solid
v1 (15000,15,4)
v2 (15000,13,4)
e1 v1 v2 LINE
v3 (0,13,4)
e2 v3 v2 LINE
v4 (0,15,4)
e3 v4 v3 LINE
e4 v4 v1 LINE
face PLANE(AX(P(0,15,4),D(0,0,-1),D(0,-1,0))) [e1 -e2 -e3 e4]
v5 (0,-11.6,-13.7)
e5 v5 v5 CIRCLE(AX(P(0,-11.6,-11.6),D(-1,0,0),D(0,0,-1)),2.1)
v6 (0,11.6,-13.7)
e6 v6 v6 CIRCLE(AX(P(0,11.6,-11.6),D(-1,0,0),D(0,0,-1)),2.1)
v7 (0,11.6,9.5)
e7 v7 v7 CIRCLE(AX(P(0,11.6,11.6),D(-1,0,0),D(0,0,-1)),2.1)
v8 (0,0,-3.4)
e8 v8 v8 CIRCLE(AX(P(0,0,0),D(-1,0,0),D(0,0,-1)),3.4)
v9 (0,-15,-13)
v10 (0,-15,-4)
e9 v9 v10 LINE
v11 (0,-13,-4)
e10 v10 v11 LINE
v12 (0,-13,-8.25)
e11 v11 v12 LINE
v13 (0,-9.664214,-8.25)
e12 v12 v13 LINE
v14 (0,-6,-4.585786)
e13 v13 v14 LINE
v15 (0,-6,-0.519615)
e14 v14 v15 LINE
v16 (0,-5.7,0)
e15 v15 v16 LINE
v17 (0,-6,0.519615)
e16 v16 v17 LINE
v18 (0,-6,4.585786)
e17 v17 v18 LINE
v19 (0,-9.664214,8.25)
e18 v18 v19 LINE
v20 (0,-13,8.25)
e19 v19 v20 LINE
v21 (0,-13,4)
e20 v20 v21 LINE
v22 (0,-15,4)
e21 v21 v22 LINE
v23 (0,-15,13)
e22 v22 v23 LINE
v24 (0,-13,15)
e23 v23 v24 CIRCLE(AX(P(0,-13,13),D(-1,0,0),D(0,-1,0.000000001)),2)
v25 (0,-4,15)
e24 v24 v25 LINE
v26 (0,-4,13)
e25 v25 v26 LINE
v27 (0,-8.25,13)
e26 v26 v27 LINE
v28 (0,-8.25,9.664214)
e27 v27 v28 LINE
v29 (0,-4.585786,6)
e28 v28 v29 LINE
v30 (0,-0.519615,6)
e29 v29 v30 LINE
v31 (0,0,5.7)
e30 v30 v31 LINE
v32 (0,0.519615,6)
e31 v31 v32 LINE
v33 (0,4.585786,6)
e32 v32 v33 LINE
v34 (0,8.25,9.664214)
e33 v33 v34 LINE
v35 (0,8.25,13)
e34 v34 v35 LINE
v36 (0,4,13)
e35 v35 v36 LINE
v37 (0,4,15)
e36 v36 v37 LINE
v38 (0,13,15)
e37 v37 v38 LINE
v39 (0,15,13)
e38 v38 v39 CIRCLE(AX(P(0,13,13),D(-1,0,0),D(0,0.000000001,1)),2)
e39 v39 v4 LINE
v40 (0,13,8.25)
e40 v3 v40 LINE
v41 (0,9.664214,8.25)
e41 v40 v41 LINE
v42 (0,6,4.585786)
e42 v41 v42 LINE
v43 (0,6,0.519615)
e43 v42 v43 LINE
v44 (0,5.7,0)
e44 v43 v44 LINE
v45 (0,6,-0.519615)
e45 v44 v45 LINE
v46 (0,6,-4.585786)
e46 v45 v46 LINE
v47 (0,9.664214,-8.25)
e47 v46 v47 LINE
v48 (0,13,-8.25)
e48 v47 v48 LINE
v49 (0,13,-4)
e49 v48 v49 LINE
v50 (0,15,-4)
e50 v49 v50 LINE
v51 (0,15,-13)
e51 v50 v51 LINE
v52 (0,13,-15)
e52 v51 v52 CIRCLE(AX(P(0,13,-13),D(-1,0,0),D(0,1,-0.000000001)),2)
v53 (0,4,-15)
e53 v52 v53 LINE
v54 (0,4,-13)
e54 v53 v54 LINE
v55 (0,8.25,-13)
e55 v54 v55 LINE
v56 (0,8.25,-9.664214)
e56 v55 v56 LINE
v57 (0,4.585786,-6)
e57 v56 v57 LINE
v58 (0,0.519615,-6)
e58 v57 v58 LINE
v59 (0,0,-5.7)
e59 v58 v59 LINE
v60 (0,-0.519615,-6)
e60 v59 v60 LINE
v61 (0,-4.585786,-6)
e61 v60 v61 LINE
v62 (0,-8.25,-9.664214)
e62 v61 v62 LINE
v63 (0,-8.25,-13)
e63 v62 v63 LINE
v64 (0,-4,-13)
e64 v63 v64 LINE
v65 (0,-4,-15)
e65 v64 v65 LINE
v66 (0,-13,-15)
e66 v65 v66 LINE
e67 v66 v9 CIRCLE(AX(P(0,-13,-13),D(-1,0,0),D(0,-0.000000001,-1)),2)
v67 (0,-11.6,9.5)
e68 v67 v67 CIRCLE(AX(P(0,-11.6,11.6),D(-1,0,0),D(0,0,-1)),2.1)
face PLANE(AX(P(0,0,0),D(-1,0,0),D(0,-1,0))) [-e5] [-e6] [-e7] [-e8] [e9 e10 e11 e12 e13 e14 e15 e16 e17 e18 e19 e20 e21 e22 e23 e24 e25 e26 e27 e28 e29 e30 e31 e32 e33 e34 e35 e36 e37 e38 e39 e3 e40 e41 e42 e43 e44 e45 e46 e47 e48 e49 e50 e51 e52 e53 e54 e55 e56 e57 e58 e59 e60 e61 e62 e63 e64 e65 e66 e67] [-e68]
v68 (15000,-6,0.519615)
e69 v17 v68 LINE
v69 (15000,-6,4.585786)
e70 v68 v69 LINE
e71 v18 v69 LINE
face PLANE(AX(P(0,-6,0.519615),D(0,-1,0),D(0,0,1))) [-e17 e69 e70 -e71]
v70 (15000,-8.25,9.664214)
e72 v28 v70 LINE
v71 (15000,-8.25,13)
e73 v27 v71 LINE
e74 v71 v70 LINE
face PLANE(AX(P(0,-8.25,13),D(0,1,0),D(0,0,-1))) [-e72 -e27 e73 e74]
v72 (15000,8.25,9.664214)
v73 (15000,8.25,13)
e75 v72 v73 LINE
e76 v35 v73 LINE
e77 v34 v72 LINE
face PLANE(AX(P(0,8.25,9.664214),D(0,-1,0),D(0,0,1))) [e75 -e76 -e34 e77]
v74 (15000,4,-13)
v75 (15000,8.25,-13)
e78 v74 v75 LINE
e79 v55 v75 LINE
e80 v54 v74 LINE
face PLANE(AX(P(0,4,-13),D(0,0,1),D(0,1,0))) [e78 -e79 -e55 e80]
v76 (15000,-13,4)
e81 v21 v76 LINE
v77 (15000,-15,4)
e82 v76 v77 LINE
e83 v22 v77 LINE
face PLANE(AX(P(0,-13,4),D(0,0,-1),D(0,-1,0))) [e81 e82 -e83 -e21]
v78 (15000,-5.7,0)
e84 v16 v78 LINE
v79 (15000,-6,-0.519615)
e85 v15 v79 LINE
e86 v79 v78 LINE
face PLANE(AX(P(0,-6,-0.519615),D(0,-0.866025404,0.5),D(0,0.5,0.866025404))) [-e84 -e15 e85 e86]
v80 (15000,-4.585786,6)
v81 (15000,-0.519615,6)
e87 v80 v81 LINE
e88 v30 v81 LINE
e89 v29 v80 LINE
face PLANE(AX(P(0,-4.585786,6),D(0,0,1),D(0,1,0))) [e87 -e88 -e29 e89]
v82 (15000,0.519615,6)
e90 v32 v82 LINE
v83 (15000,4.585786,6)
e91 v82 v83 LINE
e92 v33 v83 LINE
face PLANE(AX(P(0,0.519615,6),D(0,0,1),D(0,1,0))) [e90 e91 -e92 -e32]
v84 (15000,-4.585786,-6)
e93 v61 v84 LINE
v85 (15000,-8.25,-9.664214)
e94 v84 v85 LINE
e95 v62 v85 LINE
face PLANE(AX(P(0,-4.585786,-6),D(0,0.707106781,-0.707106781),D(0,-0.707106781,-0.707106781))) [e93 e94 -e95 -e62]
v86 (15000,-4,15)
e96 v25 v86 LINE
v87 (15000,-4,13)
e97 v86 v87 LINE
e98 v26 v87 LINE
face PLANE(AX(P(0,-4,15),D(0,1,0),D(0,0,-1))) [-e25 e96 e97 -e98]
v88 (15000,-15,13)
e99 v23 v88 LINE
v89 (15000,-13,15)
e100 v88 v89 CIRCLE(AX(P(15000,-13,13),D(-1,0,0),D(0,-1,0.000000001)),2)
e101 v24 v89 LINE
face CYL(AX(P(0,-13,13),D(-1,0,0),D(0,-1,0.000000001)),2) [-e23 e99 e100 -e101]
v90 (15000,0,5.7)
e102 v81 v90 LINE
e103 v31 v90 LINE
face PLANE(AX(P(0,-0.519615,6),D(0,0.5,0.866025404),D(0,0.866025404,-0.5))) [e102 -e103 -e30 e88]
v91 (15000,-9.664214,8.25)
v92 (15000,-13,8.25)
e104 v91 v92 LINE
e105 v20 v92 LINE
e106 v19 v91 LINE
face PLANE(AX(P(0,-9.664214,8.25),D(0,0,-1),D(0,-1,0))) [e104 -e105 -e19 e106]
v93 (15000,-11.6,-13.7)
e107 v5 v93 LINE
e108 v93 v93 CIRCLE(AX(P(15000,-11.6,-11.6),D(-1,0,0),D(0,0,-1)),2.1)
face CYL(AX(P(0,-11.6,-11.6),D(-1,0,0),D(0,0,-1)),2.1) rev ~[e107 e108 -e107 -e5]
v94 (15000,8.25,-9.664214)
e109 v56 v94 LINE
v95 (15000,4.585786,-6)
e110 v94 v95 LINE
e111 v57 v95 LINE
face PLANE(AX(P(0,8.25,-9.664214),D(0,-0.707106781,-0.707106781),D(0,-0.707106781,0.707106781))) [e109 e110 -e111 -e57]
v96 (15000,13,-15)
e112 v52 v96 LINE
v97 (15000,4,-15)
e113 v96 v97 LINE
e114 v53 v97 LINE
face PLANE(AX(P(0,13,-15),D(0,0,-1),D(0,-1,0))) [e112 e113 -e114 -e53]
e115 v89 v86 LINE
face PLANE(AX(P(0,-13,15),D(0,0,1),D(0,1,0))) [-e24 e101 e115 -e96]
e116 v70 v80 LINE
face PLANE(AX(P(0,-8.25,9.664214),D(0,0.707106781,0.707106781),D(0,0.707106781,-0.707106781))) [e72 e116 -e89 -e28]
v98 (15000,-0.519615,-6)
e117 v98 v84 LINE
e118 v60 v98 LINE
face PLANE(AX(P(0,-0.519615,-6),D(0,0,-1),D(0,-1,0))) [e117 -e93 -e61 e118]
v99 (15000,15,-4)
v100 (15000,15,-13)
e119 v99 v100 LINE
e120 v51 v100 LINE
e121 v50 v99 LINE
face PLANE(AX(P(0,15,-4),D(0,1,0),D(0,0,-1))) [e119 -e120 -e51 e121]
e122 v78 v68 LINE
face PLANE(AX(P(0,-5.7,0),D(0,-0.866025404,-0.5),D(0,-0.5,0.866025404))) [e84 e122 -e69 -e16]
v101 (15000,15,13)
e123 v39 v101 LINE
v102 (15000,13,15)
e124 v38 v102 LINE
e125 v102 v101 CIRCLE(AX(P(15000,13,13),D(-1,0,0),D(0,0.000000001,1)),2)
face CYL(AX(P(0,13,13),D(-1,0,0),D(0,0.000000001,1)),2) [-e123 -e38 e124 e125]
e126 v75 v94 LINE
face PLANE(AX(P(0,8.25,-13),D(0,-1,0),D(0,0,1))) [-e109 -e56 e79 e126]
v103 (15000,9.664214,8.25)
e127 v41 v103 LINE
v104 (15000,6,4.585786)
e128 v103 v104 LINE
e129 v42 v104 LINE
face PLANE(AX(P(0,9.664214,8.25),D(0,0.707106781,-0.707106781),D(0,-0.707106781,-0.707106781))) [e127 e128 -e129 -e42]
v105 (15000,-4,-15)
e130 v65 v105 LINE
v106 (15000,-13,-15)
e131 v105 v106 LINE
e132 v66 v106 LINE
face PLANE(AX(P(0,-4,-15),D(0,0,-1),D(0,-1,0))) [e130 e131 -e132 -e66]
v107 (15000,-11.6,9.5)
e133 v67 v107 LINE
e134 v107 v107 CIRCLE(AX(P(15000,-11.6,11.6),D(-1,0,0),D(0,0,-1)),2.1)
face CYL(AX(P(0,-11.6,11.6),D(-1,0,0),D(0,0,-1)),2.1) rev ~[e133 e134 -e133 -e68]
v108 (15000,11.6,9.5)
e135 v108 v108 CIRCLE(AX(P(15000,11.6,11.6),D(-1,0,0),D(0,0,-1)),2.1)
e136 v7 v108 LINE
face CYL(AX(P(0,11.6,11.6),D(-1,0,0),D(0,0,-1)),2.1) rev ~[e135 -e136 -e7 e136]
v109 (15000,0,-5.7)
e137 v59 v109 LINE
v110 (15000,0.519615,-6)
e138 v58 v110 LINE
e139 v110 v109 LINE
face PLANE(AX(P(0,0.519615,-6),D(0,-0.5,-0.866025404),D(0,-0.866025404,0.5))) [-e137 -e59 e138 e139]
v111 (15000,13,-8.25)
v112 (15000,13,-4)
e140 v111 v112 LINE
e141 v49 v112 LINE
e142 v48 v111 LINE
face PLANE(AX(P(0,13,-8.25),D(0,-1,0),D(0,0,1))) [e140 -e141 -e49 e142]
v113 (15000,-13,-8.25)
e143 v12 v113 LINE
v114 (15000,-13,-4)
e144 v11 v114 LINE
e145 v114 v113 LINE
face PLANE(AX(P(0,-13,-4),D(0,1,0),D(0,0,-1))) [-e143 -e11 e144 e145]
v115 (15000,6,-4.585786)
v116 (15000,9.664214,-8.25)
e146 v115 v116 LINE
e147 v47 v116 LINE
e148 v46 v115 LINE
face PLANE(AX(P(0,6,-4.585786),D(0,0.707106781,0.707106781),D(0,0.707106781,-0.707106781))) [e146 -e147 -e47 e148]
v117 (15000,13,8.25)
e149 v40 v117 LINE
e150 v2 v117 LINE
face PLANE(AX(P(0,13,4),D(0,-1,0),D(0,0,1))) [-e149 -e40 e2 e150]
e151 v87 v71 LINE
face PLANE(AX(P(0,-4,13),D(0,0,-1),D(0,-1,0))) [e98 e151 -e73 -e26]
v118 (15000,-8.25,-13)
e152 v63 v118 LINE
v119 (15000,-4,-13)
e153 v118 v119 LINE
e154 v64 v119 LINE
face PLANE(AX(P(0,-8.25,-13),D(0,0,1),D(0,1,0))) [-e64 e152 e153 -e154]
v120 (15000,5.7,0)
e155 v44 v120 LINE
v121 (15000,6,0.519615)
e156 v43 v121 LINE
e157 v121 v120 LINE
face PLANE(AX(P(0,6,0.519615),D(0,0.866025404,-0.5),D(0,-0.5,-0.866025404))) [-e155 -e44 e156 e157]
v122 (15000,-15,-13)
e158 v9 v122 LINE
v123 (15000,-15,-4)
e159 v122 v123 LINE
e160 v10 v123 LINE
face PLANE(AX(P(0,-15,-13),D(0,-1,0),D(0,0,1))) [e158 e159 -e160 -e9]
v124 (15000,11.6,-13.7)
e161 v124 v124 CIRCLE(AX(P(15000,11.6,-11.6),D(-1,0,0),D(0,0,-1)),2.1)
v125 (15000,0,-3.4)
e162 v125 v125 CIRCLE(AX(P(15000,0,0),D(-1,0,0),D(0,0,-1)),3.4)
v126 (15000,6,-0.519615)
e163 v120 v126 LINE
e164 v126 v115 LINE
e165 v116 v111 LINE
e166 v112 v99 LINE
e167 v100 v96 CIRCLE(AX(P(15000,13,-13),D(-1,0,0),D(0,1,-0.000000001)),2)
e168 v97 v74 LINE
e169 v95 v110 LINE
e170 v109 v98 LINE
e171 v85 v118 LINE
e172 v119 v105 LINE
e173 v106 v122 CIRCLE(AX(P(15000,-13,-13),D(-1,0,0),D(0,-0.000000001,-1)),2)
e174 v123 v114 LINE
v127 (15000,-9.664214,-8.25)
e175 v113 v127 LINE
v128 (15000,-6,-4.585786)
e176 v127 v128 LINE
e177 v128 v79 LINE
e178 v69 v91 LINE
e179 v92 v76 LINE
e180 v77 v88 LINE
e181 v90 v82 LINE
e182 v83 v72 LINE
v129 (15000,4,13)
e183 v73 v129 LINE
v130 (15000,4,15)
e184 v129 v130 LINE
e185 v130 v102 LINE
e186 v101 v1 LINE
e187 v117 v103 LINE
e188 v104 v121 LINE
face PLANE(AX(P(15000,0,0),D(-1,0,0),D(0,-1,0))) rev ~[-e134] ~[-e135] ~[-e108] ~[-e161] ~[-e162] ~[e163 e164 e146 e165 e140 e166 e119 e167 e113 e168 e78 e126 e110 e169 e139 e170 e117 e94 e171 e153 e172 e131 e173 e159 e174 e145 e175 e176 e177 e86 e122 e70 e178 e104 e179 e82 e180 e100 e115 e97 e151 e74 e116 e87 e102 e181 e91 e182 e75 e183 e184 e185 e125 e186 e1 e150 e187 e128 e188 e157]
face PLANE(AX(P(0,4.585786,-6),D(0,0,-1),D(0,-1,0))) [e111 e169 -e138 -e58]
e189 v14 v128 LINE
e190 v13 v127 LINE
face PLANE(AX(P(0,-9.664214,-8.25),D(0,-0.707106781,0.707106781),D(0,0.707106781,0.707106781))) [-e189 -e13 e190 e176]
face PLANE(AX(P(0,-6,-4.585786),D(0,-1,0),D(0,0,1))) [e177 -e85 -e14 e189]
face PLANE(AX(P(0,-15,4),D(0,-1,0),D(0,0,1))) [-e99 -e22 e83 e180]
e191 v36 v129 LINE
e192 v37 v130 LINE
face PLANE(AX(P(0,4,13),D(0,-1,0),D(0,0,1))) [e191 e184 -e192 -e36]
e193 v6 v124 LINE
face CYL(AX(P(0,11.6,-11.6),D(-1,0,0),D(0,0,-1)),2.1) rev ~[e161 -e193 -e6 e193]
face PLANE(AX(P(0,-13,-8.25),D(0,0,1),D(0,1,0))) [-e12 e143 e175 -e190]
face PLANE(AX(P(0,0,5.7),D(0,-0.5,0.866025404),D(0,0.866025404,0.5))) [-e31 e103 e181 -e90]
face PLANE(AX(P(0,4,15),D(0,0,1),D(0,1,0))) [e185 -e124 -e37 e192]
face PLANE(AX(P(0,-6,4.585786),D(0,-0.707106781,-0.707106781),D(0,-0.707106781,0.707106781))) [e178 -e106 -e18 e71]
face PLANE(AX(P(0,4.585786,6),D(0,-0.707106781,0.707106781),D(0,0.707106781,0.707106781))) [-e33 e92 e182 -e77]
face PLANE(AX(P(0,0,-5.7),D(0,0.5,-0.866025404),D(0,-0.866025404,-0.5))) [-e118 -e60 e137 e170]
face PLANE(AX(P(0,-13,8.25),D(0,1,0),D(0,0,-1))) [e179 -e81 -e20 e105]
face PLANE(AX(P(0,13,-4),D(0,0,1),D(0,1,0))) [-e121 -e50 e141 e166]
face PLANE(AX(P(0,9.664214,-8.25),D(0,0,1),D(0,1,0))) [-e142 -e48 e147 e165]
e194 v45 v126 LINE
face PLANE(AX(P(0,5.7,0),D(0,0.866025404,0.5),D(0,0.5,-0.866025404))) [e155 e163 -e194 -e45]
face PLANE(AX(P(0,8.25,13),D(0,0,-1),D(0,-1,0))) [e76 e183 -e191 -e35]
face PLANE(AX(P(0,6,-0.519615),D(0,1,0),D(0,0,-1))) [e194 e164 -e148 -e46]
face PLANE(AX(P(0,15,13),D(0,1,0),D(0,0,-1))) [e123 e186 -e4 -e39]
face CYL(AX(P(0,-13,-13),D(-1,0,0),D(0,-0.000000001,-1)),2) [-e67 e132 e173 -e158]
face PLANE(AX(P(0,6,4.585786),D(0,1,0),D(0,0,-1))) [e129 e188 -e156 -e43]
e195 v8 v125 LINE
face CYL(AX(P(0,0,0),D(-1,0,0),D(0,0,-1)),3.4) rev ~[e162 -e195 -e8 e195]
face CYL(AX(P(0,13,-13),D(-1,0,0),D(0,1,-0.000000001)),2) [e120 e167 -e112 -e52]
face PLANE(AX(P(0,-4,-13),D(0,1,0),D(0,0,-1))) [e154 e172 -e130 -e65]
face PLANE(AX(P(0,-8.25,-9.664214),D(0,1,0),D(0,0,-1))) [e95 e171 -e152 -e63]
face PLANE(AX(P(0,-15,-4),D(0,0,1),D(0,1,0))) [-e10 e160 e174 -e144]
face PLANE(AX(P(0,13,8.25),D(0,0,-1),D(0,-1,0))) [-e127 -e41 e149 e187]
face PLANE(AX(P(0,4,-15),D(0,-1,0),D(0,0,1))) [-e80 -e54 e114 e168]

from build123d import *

# Parameters (mm, degrees)
SKETCH1_R           = 3.4
SKETCH1_R_2         = 2.1
BOSS_EXTRUDE1_DEPTH = 15000


with BuildPart() as part:
    # Sketch1 → Boss-Extrude1 (new body)
    with BuildSketch(Plane(origin=(0, 0, 0), x_dir=(0, -1, 0), z_dir=(-1, 0, 0))):
        with BuildLine():
            Line((13, -4), (13, -8.25))
            Line((13, -8.25), (9.664213562, -8.25))
            Line((9.664213562, -8.25), (6, -4.585786438))
            Line((6, -4.585786438), (6, -0.519615242))
            Line((6, -0.519615242), (5.7, 0))
            Line((5.7, 0), (6, 0.519615242))
            Line((6, 0.519615242), (6, 4.585786438))
            Line((6, 4.585786438), (9.664213562, 8.25))
            Line((9.664213562, 8.25), (13, 8.25))
            Line((13, 8.25), (13, 4))
            Line((13, 4), (15, 4))
            Line((15, 4), (15, 13))
            ThreePointArc((15, 13), (14.414213562, 14.414213562), (13, 15))
            Line((13, 15), (4, 15))
            Line((4, 15), (4, 13))
            Line((4, 13), (8.25, 13))
            Line((8.25, 13), (8.25, 9.664213562))
            Line((8.25, 9.664213562), (4.585786438, 6))
            Line((4.585786438, 6), (0.519615242, 6))
            Line((0.519615242, 6), (0, 5.7))
            Line((0, 5.7), (-0.519615242, 6))
            Line((-0.519615242, 6), (-4.585786438, 6))
            Line((-4.585786438, 6), (-8.25, 9.664213562))
            Line((-8.25, 9.664213562), (-8.25, 13))
            Line((-8.25, 13), (-4, 13))
            Line((-4, 13), (-4, 15))
            Line((-4, 15), (-13, 15))
            ThreePointArc((-13, 15), (-14.414213562, 14.414213562), (-15, 13))
            Line((-15, 13), (-15, 4))
            Line((-15, 4), (-13, 4))
            Line((-13, 4), (-13, 8.25))
            Line((-13, 8.25), (-9.664213562, 8.25))
            Line((-9.664213562, 8.25), (-6, 4.585786438))
            Line((-6, 4.585786438), (-6, 0.519615242))
            Line((-6, 0.519615242), (-5.7, 0))
            Line((-5.7, 0), (-6, -0.519615242))
            Line((-6, -0.519615242), (-6, -4.585786438))
            Line((-6, -4.585786438), (-9.664213562, -8.25))
            Line((-9.664213562, -8.25), (-13, -8.25))
            Line((-13, -8.25), (-13, -4))
            Line((-13, -4), (-15, -4))
            Line((-15, -4), (-15, -13))
            ThreePointArc((-15, -13), (-14.414213562, -14.414213562), (-13, -15))
            Line((-13, -15), (-4, -15))
            Line((-4, -15), (-4, -13))
            Line((-4, -13), (-8.25, -13))
            Line((-8.25, -13), (-8.25, -9.664213562))
            Line((-8.25, -9.664213562), (-4.585786438, -6))
            Line((-4.585786438, -6), (-0.519615242, -6))
            Line((-0.519615242, -6), (0, -5.7))
            Line((0, -5.7), (0.519615242, -6))
            Line((0.519615242, -6), (4.585786438, -6))
            Line((4.585786438, -6), (8.25, -9.664213562))
            Line((8.25, -9.664213562), (8.25, -13))
            Line((8.25, -13), (4, -13))
            Line((4, -13), (4, -15))
            Line((4, -15), (13, -15))
            ThreePointArc((13, -15), (14.414213562, -14.414213562), (15, -13))
            Line((15, -13), (15, -4))
            Line((15, -4), (13, -4))
        make_face()
        with Locations(Location((0, 0, 0), (0, 0, 270))):
            Circle(SKETCH1_R, mode=Mode.SUBTRACT)
        with Locations(Location((11.6, -11.6, 0), (0, 0, 270))):
            Circle(SKETCH1_R_2, mode=Mode.SUBTRACT)
        with Locations(Location((11.6, 11.6, 0), (0, 0, 270))):
            Circle(SKETCH1_R_2, mode=Mode.SUBTRACT)
        with Locations(Location((-11.6, 11.6, 0), (0, 0, 270))):
            Circle(SKETCH1_R_2, mode=Mode.SUBTRACT)
        with Locations(Location((-11.6, -11.6, 0), (0, 0, 270))):
            Circle(SKETCH1_R_2, mode=Mode.SUBTRACT)
    extrude(amount=-BOSS_EXTRUDE1_DEPTH)


solid = part.part
